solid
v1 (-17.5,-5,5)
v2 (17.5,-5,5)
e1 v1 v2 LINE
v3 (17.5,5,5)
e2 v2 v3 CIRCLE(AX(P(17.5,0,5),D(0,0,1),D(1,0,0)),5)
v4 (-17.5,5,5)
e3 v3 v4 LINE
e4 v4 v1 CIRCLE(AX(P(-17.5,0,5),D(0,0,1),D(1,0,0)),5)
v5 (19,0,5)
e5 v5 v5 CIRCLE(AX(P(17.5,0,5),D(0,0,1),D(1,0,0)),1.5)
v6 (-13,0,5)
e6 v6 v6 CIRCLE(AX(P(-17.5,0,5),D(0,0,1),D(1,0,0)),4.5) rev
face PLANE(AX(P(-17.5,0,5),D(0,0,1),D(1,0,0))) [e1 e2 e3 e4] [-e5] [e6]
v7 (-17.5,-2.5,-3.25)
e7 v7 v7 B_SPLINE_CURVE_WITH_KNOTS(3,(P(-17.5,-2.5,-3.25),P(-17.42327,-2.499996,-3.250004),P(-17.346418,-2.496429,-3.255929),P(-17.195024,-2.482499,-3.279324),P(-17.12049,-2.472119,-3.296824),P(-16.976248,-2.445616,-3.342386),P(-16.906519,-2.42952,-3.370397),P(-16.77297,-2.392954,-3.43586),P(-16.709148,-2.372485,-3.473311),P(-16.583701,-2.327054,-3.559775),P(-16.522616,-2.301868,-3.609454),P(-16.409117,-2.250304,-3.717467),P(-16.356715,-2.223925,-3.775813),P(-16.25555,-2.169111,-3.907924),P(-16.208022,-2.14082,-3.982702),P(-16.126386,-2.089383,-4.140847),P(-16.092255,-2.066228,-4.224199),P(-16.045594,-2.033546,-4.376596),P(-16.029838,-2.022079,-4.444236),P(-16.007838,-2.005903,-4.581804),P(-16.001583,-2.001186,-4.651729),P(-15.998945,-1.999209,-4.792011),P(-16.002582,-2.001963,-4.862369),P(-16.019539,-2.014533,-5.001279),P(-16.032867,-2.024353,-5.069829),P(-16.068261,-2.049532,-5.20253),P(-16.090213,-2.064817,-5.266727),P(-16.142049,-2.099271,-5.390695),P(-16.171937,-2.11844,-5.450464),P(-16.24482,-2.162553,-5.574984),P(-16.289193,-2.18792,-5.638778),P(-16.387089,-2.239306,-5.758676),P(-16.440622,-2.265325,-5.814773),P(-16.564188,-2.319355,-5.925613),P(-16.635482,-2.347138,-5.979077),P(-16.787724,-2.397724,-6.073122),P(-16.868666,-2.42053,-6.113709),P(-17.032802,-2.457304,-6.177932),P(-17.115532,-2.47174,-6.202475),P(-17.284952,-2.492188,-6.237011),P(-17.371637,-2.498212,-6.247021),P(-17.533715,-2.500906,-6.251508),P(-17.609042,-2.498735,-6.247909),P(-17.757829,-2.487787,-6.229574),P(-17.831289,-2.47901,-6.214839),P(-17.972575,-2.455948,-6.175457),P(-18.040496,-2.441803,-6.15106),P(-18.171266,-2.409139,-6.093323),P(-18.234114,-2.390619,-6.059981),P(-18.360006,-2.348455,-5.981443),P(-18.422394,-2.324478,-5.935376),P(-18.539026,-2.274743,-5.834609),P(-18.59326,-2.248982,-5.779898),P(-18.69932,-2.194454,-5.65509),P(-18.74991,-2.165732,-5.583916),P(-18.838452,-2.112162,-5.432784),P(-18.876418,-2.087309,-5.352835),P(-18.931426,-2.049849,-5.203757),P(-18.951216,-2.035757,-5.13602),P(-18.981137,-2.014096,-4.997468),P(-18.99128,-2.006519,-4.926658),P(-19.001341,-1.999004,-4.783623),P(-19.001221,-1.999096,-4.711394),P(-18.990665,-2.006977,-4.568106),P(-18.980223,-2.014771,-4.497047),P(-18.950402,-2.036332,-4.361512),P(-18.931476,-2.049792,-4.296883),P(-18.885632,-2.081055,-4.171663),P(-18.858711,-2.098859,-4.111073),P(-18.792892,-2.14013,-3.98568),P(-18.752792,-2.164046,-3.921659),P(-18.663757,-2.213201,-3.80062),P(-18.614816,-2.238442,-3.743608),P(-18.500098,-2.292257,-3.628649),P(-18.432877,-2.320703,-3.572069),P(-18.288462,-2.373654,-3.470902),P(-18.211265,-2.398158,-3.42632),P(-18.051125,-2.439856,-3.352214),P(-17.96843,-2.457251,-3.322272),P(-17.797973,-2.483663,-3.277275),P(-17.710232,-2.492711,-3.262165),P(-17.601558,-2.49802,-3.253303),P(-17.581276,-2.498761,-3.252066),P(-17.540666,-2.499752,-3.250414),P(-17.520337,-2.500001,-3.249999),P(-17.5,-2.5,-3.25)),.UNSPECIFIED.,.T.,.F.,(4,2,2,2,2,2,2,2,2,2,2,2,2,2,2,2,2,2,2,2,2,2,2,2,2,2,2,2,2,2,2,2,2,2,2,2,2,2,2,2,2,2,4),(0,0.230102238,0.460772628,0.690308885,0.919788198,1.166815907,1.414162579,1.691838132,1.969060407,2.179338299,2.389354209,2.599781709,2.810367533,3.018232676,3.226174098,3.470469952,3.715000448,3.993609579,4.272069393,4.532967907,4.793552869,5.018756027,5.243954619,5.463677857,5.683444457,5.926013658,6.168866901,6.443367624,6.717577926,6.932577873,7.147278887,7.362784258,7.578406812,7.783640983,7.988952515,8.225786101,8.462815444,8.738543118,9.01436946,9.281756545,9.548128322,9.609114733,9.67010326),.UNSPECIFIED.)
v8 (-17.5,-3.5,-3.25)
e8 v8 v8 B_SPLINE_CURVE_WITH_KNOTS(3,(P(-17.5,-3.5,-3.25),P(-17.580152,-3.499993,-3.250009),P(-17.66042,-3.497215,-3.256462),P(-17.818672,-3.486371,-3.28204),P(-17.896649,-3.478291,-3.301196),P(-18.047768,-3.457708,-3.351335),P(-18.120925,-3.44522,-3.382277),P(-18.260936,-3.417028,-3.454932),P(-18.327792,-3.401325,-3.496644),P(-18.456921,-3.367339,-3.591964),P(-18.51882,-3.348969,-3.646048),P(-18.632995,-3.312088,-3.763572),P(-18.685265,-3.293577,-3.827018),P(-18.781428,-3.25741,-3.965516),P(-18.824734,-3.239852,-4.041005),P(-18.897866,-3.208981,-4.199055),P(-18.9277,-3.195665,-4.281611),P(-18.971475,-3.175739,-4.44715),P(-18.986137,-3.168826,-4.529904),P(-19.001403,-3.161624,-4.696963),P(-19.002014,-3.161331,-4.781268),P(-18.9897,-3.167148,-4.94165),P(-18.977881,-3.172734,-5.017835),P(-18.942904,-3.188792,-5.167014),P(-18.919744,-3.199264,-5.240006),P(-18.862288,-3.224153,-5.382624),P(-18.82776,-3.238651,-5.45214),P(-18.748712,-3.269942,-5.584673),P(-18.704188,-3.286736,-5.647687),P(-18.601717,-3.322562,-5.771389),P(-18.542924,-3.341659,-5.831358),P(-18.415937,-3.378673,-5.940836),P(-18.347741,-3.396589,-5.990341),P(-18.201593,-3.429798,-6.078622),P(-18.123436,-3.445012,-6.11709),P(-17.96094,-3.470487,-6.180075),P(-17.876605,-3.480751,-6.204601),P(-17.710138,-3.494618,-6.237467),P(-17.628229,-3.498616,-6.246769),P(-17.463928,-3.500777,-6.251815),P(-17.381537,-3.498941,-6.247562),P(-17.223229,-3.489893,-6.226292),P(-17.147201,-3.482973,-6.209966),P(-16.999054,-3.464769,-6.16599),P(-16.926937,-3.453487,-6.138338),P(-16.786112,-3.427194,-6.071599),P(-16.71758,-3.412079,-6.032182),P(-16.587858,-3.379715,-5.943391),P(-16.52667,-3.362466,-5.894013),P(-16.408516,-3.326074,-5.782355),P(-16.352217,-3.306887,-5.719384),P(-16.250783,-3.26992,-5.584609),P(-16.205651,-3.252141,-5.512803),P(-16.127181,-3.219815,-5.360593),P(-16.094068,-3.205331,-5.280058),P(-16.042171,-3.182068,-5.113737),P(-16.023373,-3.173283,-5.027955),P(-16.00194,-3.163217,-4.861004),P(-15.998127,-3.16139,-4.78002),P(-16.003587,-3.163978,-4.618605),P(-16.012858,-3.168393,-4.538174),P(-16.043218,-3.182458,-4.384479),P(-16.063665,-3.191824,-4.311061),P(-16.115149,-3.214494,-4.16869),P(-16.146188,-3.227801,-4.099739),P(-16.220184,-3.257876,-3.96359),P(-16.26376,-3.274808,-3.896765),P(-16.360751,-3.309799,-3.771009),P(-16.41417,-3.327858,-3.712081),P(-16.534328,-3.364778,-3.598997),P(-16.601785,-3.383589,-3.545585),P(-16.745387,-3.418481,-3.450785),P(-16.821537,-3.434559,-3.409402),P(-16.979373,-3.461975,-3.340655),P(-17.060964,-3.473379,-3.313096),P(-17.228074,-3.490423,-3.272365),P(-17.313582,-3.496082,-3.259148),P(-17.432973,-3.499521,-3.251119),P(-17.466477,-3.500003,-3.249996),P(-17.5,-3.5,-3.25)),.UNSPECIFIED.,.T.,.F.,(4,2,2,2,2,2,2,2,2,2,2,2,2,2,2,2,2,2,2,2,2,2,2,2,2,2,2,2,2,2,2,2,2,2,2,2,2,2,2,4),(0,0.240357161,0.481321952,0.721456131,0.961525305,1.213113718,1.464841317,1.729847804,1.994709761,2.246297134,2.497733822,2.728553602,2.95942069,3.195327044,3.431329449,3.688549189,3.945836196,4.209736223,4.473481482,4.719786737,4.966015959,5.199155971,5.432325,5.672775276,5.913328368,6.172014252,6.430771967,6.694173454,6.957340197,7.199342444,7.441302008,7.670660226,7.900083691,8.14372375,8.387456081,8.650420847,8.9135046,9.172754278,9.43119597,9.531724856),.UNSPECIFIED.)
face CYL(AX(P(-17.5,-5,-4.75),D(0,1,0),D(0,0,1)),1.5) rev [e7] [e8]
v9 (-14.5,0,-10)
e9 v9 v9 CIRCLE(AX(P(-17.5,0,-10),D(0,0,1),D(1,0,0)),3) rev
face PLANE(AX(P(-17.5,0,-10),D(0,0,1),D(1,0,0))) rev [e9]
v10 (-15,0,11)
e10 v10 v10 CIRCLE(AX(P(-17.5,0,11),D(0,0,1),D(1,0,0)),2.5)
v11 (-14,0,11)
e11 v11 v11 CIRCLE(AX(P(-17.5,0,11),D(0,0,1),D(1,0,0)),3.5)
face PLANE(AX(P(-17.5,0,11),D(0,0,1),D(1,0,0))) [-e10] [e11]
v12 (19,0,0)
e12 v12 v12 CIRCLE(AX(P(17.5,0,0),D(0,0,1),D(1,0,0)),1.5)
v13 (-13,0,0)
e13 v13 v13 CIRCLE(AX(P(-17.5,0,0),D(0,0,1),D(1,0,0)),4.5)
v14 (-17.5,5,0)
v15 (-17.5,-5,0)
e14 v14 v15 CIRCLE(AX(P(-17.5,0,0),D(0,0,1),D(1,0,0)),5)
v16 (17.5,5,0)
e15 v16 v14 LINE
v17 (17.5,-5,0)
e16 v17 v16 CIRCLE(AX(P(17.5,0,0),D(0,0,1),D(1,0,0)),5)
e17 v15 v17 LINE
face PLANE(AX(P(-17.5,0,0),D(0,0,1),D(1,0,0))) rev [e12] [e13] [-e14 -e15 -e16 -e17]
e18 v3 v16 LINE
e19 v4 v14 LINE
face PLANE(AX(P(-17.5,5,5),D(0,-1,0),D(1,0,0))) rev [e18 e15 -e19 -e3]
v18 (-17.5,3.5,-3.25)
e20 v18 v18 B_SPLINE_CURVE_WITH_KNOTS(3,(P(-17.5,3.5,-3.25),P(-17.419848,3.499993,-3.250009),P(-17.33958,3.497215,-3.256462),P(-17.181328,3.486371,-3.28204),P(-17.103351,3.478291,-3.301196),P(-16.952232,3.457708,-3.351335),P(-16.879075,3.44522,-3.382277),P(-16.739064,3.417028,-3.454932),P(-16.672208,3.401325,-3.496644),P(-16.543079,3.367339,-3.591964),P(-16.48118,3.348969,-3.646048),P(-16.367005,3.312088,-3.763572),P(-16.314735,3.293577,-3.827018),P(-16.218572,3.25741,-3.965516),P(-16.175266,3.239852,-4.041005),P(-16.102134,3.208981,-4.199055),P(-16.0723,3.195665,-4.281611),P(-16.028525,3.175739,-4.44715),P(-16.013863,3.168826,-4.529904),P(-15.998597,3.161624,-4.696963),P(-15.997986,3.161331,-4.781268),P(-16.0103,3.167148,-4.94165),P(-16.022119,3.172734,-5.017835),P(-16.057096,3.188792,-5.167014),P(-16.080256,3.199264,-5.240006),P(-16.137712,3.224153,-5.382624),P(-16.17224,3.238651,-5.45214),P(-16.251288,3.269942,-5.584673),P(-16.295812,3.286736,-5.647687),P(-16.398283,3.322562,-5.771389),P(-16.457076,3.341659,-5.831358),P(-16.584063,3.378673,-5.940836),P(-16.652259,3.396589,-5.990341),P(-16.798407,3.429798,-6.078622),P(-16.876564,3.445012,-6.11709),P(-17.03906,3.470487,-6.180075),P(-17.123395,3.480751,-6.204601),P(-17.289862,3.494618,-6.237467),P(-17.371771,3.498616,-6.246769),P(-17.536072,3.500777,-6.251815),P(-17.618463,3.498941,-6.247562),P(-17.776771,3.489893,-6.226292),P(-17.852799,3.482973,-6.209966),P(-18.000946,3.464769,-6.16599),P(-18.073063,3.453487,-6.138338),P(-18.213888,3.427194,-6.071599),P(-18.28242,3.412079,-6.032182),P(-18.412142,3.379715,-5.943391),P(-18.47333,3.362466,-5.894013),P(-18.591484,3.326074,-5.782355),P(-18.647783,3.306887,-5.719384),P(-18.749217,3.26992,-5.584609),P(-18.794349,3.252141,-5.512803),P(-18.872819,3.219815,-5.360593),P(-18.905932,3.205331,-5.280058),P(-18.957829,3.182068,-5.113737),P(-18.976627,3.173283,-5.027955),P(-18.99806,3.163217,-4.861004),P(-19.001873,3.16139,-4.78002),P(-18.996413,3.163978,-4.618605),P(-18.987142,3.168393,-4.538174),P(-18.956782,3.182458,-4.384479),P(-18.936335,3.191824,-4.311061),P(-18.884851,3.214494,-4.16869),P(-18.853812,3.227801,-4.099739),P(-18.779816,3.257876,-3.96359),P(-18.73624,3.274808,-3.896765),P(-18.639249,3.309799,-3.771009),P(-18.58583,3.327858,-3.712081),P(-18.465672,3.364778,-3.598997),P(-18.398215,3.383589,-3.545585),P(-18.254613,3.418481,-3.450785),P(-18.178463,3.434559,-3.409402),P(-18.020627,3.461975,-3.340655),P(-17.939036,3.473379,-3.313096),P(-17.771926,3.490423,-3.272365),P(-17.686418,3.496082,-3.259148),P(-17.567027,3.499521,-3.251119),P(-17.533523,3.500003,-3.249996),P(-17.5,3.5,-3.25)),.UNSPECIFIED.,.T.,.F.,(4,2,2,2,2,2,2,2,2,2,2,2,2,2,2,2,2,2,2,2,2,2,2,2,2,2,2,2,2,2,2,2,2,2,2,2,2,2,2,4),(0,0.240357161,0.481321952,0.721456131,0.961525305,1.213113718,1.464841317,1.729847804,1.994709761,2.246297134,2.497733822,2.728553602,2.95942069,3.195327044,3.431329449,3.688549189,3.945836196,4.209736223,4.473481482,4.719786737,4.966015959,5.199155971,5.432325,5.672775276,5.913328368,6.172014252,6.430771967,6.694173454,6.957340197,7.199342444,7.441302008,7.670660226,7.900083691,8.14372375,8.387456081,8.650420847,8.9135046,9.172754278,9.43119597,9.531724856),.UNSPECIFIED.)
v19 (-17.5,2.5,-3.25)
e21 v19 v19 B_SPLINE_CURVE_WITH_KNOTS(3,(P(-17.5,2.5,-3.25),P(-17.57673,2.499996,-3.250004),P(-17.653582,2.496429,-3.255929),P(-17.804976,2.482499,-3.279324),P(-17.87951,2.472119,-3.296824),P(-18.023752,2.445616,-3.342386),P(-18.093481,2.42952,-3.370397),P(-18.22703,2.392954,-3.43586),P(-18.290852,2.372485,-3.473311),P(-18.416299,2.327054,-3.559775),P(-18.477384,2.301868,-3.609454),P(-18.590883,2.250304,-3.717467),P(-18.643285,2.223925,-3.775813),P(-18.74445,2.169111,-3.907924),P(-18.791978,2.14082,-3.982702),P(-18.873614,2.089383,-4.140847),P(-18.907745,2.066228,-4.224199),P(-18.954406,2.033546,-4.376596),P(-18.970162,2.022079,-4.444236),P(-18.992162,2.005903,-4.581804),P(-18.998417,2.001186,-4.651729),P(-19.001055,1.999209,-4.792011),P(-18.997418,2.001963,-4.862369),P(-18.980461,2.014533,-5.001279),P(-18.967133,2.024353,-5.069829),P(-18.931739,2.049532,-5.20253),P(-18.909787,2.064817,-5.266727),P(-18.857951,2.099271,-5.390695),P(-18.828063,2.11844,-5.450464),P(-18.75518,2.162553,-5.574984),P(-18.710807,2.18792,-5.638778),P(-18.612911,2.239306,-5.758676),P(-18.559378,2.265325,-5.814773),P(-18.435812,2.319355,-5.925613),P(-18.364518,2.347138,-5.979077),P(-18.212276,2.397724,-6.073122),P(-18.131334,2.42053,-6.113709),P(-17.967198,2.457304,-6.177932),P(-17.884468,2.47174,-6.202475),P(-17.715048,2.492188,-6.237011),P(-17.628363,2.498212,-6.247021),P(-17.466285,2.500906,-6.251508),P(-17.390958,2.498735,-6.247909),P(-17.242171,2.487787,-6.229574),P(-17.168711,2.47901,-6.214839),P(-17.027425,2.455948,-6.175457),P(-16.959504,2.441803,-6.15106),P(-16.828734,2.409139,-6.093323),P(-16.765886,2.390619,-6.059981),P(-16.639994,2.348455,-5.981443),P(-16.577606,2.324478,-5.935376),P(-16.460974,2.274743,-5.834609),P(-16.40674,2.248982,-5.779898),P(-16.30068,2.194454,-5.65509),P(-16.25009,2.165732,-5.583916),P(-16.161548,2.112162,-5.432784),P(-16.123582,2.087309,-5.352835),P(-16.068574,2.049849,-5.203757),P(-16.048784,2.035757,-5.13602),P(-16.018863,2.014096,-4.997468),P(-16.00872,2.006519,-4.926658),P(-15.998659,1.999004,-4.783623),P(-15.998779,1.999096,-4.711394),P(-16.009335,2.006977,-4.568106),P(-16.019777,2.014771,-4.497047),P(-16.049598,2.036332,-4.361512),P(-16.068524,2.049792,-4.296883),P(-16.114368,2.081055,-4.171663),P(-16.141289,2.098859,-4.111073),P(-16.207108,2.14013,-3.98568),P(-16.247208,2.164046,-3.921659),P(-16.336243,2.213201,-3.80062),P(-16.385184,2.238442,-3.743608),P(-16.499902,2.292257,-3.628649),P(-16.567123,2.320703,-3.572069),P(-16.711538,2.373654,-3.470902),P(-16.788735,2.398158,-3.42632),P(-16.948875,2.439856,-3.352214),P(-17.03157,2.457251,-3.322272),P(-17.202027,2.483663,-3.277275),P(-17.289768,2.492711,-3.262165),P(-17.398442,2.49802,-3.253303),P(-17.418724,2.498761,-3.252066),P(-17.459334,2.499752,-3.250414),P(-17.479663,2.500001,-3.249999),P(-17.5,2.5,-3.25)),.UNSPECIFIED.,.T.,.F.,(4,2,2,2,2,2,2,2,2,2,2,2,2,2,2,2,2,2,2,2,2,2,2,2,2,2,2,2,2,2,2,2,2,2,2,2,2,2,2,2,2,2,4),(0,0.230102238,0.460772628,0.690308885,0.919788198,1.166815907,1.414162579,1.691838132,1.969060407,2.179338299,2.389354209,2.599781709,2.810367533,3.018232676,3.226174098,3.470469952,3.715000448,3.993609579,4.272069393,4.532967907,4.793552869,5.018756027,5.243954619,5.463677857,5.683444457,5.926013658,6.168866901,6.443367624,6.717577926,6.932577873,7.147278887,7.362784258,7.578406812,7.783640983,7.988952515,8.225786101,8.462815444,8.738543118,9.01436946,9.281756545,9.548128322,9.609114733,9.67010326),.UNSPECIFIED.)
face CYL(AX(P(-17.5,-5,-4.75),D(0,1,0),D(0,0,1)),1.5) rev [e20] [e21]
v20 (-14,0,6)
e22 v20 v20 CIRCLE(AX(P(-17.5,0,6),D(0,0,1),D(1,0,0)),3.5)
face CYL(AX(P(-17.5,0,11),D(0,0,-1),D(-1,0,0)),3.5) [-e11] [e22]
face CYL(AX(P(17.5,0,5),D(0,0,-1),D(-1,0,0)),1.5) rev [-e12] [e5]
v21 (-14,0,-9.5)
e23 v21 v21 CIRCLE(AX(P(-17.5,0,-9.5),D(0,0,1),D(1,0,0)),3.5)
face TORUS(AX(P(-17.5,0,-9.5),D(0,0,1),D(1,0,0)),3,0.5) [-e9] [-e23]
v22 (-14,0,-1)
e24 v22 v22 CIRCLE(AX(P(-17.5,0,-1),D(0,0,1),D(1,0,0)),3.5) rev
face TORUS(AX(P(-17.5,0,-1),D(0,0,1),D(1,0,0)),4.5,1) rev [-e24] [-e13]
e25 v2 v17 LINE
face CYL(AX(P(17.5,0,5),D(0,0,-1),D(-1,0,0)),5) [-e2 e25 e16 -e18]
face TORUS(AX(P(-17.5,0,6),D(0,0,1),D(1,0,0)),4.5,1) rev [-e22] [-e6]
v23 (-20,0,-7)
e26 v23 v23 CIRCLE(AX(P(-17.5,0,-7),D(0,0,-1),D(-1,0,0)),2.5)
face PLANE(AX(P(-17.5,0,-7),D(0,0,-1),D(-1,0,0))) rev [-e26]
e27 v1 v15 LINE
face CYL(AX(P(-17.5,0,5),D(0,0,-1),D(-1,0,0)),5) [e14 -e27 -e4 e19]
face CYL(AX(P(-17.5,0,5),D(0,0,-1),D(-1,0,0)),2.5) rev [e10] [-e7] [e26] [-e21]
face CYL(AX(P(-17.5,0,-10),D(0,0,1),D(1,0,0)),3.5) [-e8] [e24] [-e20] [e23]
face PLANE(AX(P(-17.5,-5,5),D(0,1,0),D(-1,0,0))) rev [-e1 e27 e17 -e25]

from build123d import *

# Parameters (mm, degrees)
ESQUISSE1_R                  = 2.5
ESQUISSE1_R_2                = 1.5
BOSS_EXTRU_1_DEPTH           = 5
BOSS_EXTRU_2_START           = -15
ESQUISSE2_R                  = 3.5
ESQUISSE2_R_2                = 2.5
BOSS_EXTRU_2_DEPTH           = 10
ESQUISSE3_R                  = 3.5
BOSS_EXTRU_3_DEPTH           = 3
CONG_1_R                     = 0.5
ENL_V_MAT_EXTRU_1_DEPTH      = 26.124689053
ENL_V_MAT_EXTRU_1_DEPTH_BACK = 26.124689053
ESQUISSE4_R                  = 1.5
ESQUISSE5_R                  = 3.5
ESQUISSE5_R_2                = 2.5
BOSS_EXTRU_4_DEPTH           = 6
CONG_2_R                     = 1
CONG_3_R                     = 1


with BuildPart() as part:
    # Esquisse1 → Boss.-Extru.1 (new body)
    with BuildSketch(Plane.XY):
        with BuildLine():
            Line((-17.5, 5), (17.5, 5))
            ThreePointArc((17.5, 5), (22.5, 0), (17.5, -5))
            Line((17.5, -5), (-17.5, -5))
            ThreePointArc((-17.5, -5), (-22.5, 0), (-17.5, 5))
        make_face()
        with Locations((-17.5, 0)):
            Circle(ESQUISSE1_R, mode=Mode.SUBTRACT)
        with Locations((17.5, 0)):
            Circle(ESQUISSE1_R_2, mode=Mode.SUBTRACT)
    extrude(amount=BOSS_EXTRU_1_DEPTH)

    # Esquisse2 → Boss.-Extru.2 (add)
    with BuildSketch(Plane.XY.offset(5).offset(BOSS_EXTRU_2_START)):
        with Locations((-17.5, 0)):
            Circle(ESQUISSE2_R)
        with Locations((-17.5, 0)):
            Circle(ESQUISSE2_R_2, mode=Mode.SUBTRACT)
    extrude(amount=BOSS_EXTRU_2_DEPTH)

    # Esquisse3 → Boss.-Extru.3 (add)
    with BuildSketch(Plane(origin=(0, 0, -10), x_dir=(-1, 0, 0), z_dir=(0, 0, -1))):
        with Locations(Location((17.5, 0, 0), (0, 0, 180))):
            Circle(ESQUISSE3_R)
    extrude(amount=-BOSS_EXTRU_3_DEPTH)

    # Congé1
    cong_1_edges = [part.edges().sort_by_distance(p)[0] for p in [
        (-21, 0, -10),
    ]]
    fillet(cong_1_edges, radius=CONG_1_R)

    # Esquisse4 → Enlèv. mat.-Extru.1 (cut, two sides: drawn at the far end of the back side and taken through both)
    with BuildSketch(Plane(origin=(0, 0, 0), x_dir=(1, 0, 0), z_dir=(0, 1, 0)).offset(-ENL_V_MAT_EXTRU_1_DEPTH_BACK)):
        with Locations(Location((-17.5, 4.75, 0), (0, 0, 270))):
            Circle(ESQUISSE4_R)
    extrude(amount=ENL_V_MAT_EXTRU_1_DEPTH + ENL_V_MAT_EXTRU_1_DEPTH_BACK, mode=Mode.SUBTRACT)

    # Esquisse5 → Boss.-Extru.4 (add)
    with BuildSketch(Plane.XY.offset(5)):
        with Locations((-17.5, 0)):
            Circle(ESQUISSE5_R)
        with Locations(Location((-17.5, 0, 0), (0, 0, 180))):
            Circle(ESQUISSE5_R_2, mode=Mode.SUBTRACT)
    extrude(amount=BOSS_EXTRU_4_DEPTH)

    # Congé2
    cong_2_edges = [part.edges().sort_by_distance(p)[0] for p in [
        (-21, 0, 5),
    ]]
    fillet(cong_2_edges, radius=CONG_2_R)

    # Congé3
    cong_3_edges = [part.edges().sort_by_distance(p)[0] for p in [
        (-21, 0, 0),
    ]]
    fillet(cong_3_edges, radius=CONG_3_R)


solid = part.part
